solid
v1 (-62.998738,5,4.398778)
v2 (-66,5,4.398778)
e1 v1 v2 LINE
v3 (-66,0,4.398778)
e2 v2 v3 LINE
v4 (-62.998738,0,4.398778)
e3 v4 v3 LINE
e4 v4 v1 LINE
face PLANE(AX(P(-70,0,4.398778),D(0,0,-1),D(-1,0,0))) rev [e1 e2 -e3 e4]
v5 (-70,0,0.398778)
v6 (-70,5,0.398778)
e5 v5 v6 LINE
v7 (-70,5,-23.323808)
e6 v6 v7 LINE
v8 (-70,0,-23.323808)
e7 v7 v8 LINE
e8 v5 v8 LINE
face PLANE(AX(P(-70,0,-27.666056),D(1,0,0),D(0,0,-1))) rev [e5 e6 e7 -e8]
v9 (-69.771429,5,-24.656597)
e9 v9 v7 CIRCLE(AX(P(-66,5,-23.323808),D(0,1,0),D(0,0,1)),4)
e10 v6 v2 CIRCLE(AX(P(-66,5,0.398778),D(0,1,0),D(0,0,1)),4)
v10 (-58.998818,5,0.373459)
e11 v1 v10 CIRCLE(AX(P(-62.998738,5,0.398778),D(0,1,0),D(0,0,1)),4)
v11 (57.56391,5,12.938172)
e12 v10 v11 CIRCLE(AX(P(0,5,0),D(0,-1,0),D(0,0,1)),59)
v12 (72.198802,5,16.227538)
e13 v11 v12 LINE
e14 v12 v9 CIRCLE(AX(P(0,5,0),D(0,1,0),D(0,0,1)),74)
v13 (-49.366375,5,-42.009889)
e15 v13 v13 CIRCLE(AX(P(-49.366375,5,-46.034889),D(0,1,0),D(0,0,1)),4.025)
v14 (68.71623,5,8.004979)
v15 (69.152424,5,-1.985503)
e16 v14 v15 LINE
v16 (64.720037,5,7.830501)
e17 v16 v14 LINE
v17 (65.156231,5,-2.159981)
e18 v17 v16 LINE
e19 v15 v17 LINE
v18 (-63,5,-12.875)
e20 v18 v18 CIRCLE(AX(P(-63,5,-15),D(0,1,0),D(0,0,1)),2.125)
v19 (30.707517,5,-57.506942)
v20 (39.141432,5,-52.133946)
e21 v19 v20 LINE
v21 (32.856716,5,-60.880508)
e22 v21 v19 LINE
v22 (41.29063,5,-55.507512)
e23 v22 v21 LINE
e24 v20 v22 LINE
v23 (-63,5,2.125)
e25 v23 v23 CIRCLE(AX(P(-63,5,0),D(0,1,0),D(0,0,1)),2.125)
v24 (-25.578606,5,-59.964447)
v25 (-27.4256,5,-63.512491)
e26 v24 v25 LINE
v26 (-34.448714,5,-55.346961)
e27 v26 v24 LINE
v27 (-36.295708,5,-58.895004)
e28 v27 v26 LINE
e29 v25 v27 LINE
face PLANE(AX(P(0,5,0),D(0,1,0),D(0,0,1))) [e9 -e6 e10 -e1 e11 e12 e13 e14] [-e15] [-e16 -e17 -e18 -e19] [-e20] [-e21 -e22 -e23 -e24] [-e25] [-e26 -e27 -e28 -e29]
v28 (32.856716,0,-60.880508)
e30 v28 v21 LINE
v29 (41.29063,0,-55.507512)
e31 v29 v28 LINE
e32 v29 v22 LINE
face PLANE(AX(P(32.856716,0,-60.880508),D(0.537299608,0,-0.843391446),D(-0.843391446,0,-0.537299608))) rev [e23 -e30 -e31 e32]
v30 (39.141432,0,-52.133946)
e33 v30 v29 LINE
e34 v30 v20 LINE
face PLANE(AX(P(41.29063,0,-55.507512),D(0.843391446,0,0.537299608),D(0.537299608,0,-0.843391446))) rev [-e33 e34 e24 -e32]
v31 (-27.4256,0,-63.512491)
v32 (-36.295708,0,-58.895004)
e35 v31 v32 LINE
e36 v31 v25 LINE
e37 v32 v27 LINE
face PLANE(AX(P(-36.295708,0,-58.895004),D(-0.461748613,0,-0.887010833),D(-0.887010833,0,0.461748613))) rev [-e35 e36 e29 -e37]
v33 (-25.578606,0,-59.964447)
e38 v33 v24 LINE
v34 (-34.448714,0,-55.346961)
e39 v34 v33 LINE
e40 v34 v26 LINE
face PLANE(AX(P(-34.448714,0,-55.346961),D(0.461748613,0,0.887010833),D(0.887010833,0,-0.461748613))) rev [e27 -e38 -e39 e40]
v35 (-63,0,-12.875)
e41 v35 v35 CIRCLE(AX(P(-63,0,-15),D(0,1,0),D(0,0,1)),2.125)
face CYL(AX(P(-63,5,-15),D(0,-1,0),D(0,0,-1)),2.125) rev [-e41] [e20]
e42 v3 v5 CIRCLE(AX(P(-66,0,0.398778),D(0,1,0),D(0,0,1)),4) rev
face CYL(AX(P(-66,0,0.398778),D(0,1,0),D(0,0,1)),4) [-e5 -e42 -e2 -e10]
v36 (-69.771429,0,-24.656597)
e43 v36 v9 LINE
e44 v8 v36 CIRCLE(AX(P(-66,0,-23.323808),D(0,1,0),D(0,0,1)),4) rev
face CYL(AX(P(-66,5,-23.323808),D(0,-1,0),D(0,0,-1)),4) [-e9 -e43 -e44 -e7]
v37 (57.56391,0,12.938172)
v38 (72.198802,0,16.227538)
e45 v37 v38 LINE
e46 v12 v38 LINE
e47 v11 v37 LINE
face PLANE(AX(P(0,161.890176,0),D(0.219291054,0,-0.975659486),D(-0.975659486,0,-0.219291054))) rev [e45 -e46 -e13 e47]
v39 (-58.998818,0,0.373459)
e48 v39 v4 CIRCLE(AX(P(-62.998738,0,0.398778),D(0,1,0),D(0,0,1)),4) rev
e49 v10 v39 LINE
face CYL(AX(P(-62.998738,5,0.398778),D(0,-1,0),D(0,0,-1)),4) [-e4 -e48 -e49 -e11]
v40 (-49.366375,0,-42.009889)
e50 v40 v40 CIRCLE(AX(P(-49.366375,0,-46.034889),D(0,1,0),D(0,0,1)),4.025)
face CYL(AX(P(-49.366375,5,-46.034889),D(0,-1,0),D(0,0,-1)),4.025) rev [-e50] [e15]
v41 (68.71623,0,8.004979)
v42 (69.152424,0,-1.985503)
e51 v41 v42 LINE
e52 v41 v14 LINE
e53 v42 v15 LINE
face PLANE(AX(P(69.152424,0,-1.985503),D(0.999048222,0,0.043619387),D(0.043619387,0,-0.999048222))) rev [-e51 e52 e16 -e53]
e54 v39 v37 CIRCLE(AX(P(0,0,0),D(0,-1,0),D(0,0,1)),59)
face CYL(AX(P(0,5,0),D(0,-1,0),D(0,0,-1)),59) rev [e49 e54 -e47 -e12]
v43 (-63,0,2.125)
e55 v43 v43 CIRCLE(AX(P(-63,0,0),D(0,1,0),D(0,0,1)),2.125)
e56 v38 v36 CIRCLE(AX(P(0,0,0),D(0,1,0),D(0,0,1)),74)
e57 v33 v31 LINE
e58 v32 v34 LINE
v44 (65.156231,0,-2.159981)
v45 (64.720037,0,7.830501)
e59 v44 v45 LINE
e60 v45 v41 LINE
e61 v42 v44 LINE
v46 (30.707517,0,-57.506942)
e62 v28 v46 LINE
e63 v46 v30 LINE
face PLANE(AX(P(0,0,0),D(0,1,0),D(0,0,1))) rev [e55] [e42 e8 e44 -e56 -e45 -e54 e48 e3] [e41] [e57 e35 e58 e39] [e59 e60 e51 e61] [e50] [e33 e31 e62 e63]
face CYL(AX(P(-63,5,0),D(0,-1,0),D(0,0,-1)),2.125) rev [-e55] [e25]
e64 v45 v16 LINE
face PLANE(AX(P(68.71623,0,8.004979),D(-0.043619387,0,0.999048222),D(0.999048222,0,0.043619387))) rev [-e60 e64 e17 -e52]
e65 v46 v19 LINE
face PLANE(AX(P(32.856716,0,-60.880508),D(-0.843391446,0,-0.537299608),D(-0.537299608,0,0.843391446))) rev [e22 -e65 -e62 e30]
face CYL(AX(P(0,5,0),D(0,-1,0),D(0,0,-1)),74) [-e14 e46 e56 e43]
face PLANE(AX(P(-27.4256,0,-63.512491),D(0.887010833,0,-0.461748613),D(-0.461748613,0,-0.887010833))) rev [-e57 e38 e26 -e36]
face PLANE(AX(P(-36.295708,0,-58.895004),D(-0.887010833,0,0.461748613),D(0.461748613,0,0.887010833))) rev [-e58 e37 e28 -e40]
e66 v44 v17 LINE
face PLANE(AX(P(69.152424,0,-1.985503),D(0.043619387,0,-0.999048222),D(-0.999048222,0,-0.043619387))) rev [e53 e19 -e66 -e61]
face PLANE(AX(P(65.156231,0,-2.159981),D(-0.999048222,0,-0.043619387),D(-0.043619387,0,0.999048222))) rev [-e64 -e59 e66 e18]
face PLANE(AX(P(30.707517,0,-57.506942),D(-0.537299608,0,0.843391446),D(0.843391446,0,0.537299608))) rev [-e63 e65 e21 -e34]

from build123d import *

# Parameters (mm, degrees)
SKETCH1_R               = 4.025
SKETCH1_R_2             = 2.125
BOSS_EXTRUDE1_DEPTH     = 5
SKETCH2_W               = 28.904595792
SKETCH2_H               = 55.332112
CUT_EXTRUDE1_DEPTH      = 1
CUT_EXTRUDE1_DEPTH_BACK = 6
SKETCH3_W               = 24.207106467
SKETCH3_H               = 21.100530829
CUT_EXTRUDE2_DEPTH      = 1
CUT_EXTRUDE2_DEPTH_BACK = 6
FILLET1_R               = 4
BOSS_EXTRUDE2_DEPTH     = 5
CUT_EXTRUDE3_DEPTH      = 6
CIRPATTERN1_COUNT       = 3
CIRPATTERN1_ANGLE       = 120


with BuildPart() as part:
    # Sketch1 → Boss-Extrude1 (new body)
    with BuildSketch(Plane(origin=(0, 0, 0), x_dir=(1, 0, 0), z_dir=(0, 1, 0))):
        with BuildLine():
            Line((-47.75734818, 56.526415903), (-38.07680463, 45.068358625))
            ThreePointArc((-38.07680463, 45.068358625), (-56.716415256, 16.255714087), (-56.169167779, -18.056151058))
            Line((-56.169167779, -18.056151058), (-70.449464672, -22.646697938))
            ThreePointArc((-70.449464672, -22.646697938), (-71.135842864, 20.388522754), (-47.75734818, 56.526415903))
        make_face()
        with Locations((-49.366374859, 46.034889304)):
            Circle(SKETCH1_R, mode=Mode.SUBTRACT)
        with Locations((-63, 0)):
            Circle(SKETCH1_R_2, mode=Mode.SUBTRACT)
        with Locations((-63, -15)):
            Circle(SKETCH1_R_2, mode=Mode.SUBTRACT)
        with Locations((-63, 15)):
            Circle(SKETCH1_R_2, mode=Mode.SUBTRACT)
    extrude(amount=BOSS_EXTRUDE1_DEPTH)

    # Sketch2 → Cut-Extrude1 (cut, two sides)
    with BuildSketch(Plane(origin=(0, 5, 0), x_dir=(1, 0, 0), z_dir=(0, 1, 0))) as cut_extrude1_sk:
        with Locations((-84.452297896, 0)):
            Rectangle(SKETCH2_W, SKETCH2_H)
    extrude(amount=CUT_EXTRUDE1_DEPTH, mode=Mode.SUBTRACT)
    extrude(cut_extrude1_sk.sketch, amount=-CUT_EXTRUDE1_DEPTH_BACK, mode=Mode.SUBTRACT)

    # Sketch3 → Cut-Extrude2 (cut, two sides)
    with BuildSketch(Plane(origin=(0, 5, 0), x_dir=(1, 0, 0), z_dir=(0, 1, 0))) as cut_extrude2_sk:
        with Locations((-57.896446767, -14.949043558)):
            Rectangle(SKETCH3_W, SKETCH3_H)
    extrude(amount=CUT_EXTRUDE2_DEPTH, mode=Mode.SUBTRACT)
    extrude(cut_extrude2_sk.sketch, amount=-CUT_EXTRUDE2_DEPTH_BACK, mode=Mode.SUBTRACT)

    # Fillet1
    fillet1_edges = [part.edges().sort_by_distance(p)[0] for p in [
        (-70, 2.5, -24),
        (-58.835794809, 2.5, 4.398778143),
        (-70, 2.5, 4.398778143),
        (-47.75734818, 2.5, -56.526415903),
        (-38.07680463, 2.5, -45.068358625),
    ]]
    fillet(fillet1_edges, radius=FILLET1_R)

    # Sketch4 → Boss-Extrude2 (add)
    with BuildSketch(Plane(origin=(0, 0, 0), x_dir=(1, 0, 0), z_dir=(0, 1, 0))):
        with BuildLine():
            ThreePointArc((-54.349205626, 50.221149408), (34.402166182, 65.517104347), (72.198801996, -16.227538025))
            Line((72.198801996, -16.227538025), (57.563909699, -12.938172209))
            ThreePointArc((57.563909699, -12.938172209), (25.337317552, 53.282458082), (-46.367196347, 36.484011606))
            Line((-46.367196347, 36.484011606), (-43.532667136, 51.526011005))
            Line((-43.532667136, 51.526011005), (-54.349205626, 50.221149408))
        make_face()
    extrude(amount=BOSS_EXTRUDE2_DEPTH)

    # Sketch5 → Cut-Extrude3 (cut, through all)
    with BuildSketch(Plane(origin=(0, 5, 0), x_dir=(1, 0, 0), z_dir=(0, 1, 0))):
        Polygon((-36.295708479, 58.895004423), (-34.448714026, 55.34696109), (-25.578605694, 59.964447223), (-27.425600147, 63.512490555), align=None)
    cut_extrude3 = extrude(amount=-CUT_EXTRUDE3_DEPTH, mode=Mode.SUBTRACT)

    # CirPattern1: Cut-Extrude3 ×3 about axis
    cirpattern1_axis = Axis((0, 0, 0), (0, -1, 0))
    for i in range(1, CIRPATTERN1_COUNT):
        add(cut_extrude3.rotate(cirpattern1_axis, i * CIRPATTERN1_ANGLE / (CIRPATTERN1_COUNT - 1)), mode=Mode.SUBTRACT)


solid = part.part
